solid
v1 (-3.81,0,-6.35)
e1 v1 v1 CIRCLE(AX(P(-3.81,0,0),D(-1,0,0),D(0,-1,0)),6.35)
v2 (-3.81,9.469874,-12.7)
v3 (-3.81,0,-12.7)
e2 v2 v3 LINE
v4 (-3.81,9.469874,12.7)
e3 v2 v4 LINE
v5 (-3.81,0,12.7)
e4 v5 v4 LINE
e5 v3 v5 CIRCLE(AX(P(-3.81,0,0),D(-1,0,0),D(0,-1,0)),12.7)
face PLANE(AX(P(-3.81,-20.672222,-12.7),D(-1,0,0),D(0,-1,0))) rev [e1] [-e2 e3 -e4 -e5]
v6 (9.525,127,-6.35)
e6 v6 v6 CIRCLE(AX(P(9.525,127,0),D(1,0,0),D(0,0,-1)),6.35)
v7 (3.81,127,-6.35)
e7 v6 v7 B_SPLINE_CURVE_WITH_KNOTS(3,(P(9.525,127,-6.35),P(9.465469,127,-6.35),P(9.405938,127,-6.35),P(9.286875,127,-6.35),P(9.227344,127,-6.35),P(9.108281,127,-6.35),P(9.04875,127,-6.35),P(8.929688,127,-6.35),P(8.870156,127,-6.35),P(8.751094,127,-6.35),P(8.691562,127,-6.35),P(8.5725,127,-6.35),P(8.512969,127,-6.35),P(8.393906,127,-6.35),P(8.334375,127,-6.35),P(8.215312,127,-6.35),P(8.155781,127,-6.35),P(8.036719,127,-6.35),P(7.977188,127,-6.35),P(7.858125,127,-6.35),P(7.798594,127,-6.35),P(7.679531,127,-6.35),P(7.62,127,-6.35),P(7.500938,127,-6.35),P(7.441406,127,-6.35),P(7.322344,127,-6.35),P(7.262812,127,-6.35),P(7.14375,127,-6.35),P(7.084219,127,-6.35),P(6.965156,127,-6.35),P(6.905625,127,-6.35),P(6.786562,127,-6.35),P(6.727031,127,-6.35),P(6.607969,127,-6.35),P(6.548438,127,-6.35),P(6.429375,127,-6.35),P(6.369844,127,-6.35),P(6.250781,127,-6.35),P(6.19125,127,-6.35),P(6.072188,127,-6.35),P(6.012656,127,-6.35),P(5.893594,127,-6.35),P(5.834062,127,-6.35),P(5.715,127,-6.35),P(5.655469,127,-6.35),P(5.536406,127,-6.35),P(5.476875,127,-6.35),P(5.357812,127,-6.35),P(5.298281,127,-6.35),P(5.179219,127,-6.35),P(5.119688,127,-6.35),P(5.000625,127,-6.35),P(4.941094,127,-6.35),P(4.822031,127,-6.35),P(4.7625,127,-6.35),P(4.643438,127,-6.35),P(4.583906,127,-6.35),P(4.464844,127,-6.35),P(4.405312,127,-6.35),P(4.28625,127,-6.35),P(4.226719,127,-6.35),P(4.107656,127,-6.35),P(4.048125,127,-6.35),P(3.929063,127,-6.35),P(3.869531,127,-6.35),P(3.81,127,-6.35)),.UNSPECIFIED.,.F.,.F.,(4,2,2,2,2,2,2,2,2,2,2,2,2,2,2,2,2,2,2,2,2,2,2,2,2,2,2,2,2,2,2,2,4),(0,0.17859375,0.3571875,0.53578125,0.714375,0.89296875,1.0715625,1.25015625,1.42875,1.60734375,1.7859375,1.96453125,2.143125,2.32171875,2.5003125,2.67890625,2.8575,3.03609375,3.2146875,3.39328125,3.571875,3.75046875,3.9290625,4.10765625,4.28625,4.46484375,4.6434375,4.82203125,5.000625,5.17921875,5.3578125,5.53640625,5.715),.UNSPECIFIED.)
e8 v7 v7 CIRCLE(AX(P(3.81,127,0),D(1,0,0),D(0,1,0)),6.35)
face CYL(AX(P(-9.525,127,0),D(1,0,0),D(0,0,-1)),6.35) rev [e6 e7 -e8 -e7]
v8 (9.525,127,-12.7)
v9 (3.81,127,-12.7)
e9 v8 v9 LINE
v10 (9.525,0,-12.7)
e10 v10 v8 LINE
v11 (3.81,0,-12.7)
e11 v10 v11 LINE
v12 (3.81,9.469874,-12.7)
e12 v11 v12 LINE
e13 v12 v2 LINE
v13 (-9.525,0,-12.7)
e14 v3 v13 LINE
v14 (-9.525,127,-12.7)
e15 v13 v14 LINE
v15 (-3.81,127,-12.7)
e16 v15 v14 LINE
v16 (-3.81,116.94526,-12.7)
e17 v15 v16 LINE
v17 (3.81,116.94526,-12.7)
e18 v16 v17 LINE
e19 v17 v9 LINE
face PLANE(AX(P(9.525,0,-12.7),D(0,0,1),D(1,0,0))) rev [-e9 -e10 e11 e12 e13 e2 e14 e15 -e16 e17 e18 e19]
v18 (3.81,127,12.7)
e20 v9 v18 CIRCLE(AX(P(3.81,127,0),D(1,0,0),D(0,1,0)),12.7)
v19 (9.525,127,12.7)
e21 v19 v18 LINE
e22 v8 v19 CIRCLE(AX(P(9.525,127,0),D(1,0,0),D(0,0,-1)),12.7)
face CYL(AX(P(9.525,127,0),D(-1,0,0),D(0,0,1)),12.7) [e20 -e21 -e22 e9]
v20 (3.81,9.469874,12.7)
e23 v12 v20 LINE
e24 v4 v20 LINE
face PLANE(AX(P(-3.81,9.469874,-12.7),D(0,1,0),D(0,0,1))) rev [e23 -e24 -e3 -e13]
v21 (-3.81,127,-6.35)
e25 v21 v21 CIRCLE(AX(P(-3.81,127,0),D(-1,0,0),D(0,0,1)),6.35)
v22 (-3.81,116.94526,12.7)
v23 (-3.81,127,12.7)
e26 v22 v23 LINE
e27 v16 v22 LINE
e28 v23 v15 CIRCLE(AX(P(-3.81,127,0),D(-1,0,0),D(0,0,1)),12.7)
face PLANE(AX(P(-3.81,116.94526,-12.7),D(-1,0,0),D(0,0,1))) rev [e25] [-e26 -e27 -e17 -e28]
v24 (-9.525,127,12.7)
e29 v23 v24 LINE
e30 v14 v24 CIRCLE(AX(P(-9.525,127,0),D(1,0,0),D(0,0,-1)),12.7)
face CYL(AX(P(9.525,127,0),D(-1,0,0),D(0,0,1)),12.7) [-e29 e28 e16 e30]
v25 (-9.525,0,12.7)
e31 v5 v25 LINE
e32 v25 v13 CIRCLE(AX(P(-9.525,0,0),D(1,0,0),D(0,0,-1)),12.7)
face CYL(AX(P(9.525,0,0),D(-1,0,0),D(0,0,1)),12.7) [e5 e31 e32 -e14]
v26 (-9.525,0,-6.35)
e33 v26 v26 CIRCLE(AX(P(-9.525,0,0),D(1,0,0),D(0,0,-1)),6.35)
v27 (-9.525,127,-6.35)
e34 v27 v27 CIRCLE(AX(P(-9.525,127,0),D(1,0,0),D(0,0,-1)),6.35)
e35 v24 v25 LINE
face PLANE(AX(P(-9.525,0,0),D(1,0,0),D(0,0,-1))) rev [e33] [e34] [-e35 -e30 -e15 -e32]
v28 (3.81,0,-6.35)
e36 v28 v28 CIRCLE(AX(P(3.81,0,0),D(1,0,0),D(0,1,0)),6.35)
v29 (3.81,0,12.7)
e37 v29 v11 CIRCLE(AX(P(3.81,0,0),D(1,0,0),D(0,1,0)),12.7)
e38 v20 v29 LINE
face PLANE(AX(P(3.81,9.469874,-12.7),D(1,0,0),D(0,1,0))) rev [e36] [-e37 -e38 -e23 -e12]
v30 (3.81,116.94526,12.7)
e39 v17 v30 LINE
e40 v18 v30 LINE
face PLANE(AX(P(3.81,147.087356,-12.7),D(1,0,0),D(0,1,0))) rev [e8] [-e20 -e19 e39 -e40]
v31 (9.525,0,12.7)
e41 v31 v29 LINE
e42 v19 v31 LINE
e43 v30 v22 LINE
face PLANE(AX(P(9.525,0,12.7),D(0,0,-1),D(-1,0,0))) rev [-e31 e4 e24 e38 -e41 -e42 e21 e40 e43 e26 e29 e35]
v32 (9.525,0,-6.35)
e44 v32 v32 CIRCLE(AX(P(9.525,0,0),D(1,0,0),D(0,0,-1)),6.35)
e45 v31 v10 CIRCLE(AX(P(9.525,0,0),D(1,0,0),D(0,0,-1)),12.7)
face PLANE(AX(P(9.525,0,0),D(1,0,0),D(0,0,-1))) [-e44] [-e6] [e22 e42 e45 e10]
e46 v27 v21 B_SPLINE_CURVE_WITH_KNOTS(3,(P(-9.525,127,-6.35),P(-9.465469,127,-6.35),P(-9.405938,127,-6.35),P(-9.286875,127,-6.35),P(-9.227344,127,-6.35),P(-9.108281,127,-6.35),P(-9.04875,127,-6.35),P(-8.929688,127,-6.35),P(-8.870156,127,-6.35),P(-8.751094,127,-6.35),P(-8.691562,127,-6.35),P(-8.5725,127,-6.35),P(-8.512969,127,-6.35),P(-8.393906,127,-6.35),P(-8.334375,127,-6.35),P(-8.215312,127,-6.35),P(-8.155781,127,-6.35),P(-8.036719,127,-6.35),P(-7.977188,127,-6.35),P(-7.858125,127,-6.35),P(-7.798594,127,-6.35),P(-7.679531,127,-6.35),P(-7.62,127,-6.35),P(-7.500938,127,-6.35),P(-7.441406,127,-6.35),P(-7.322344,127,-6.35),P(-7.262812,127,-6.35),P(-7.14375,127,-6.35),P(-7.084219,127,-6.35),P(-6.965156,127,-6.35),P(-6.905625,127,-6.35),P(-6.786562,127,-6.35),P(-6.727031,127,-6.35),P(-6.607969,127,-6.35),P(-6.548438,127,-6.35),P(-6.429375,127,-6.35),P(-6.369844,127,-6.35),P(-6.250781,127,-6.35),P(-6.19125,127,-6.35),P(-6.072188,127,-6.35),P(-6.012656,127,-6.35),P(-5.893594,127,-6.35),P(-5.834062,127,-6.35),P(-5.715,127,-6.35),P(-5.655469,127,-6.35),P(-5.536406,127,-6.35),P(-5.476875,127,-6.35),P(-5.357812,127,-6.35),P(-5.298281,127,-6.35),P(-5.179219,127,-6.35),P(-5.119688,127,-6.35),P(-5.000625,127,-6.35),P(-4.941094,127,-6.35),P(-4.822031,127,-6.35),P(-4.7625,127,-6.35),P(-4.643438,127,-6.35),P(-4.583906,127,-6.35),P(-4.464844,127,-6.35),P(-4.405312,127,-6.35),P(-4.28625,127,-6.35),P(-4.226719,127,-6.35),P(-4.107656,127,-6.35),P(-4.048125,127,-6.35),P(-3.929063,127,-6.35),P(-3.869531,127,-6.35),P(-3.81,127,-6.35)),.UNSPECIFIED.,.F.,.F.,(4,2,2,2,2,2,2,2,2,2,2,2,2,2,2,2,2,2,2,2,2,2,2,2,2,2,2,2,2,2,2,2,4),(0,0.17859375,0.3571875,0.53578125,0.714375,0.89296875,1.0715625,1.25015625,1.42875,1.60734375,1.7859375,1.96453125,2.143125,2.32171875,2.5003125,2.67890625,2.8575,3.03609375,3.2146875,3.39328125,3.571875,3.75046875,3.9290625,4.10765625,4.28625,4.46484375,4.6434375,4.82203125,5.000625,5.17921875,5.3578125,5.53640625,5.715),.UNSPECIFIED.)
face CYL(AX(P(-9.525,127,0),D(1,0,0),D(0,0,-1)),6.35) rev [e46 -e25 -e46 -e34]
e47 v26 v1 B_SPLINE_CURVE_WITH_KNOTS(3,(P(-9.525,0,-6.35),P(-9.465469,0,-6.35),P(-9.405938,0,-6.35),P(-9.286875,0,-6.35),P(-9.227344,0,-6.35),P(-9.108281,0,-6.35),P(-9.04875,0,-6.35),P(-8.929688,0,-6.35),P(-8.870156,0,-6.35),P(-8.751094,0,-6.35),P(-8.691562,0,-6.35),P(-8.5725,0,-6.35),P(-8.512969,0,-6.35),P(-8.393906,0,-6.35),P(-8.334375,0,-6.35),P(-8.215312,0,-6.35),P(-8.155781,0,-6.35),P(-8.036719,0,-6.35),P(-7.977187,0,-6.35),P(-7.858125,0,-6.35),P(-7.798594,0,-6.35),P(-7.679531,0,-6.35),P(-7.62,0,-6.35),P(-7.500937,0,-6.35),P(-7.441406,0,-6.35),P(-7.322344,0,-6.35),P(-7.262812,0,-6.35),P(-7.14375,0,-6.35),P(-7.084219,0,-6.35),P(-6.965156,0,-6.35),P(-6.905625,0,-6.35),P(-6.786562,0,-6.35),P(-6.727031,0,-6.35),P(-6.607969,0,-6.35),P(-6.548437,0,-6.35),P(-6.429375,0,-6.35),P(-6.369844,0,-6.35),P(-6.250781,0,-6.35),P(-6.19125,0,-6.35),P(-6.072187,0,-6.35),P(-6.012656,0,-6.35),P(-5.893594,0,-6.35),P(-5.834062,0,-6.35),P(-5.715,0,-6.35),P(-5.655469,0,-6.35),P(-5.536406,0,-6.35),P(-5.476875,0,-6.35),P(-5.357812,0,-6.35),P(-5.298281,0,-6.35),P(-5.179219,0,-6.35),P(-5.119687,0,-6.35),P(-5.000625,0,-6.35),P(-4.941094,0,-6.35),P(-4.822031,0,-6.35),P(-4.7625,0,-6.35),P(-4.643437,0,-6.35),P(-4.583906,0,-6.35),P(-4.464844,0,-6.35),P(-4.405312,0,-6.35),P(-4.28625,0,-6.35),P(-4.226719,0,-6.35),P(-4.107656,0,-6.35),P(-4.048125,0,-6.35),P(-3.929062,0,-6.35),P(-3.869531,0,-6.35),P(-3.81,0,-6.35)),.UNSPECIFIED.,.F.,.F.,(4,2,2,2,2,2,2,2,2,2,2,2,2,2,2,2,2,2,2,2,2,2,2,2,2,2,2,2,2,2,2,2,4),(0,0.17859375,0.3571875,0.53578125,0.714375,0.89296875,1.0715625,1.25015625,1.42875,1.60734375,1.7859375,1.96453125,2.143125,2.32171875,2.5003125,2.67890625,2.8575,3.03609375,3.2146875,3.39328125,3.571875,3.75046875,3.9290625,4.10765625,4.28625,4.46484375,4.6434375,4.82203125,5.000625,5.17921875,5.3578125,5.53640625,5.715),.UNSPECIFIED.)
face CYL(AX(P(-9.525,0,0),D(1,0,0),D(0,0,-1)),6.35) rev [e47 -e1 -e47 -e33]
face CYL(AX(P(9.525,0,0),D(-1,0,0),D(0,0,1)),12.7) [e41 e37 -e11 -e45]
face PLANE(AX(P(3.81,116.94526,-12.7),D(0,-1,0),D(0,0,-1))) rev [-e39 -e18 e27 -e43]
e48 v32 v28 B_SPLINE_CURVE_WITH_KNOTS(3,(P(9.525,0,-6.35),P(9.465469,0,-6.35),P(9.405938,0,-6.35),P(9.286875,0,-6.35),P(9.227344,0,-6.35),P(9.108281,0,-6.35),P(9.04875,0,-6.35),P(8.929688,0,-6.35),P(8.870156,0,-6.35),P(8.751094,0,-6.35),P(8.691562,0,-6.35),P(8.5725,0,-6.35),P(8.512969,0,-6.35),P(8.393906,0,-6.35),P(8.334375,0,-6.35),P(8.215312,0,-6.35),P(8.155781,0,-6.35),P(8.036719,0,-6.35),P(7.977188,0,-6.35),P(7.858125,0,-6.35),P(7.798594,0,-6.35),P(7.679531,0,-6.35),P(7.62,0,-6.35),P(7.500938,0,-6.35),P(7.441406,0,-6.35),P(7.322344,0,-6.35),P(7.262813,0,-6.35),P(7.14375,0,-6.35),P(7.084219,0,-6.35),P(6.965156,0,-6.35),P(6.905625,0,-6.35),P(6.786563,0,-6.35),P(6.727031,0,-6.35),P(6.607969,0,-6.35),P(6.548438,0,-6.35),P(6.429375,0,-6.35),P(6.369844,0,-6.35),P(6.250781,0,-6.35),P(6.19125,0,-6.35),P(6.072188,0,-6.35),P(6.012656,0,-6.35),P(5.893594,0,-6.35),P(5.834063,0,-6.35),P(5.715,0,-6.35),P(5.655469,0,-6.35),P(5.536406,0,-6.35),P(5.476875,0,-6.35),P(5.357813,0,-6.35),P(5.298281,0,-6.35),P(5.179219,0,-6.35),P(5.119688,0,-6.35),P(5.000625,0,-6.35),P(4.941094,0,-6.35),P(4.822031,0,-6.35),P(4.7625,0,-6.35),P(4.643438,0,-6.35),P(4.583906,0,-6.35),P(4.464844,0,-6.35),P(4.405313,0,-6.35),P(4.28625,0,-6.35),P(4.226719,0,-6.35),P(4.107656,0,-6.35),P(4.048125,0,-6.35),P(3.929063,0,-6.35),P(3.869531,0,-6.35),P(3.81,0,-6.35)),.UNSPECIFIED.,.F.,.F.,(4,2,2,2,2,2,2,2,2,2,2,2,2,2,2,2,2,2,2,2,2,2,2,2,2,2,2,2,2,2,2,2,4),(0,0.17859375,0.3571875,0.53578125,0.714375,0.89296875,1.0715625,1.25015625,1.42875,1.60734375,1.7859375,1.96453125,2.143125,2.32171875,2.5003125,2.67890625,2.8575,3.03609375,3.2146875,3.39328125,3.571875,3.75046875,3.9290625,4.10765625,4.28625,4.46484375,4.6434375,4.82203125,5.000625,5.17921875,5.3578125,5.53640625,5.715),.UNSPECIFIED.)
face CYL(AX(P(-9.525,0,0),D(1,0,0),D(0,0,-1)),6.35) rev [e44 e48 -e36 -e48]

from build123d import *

# Parameters (mm, degrees)
BOSS_EXTRUDE1_DEPTH     = 9.525
CUT_EXTRUDE4_DEPTH      = 143.309436177
CUT_EXTRUDE4_DEPTH_BACK = 143.309436177
SKETCH3_W               = 7.62
SKETCH3_H               = 30.142095215
CUT_EXTRUDE6_DEPTH      = 142.563704741
CUT_EXTRUDE6_DEPTH_BACK = 142.563704741
SKETCH5_R               = 6.35


with BuildPart() as part:
    # Sketch1 → Boss-Extrude1 (new, symmetric)
    with BuildSketch(Plane.YZ):
        with BuildLine():
            Line((0, 12.7), (127, 12.7))
            ThreePointArc((127, 12.7), (139.7, 0), (127, -12.7))
            Line((127, -12.7), (0, -12.7))
            ThreePointArc((0, -12.7), (-12.7, 0), (0, 12.7))
        make_face()
    extrude(amount=BOSS_EXTRUDE1_DEPTH, both=True)

    # Sketch3 → Cut-Extrude4 (cut, two sides: drawn at the far end of the back side and taken through both)
    with BuildSketch(Plane.XY.offset(12.7).offset(-CUT_EXTRUDE4_DEPTH_BACK)):
        with Locations((0, 132.016308081)):
            Rectangle(SKETCH3_W, SKETCH3_H)
        with Locations((0, -5.601173979)):
            Rectangle(SKETCH3_W, SKETCH3_H)
    extrude(amount=CUT_EXTRUDE4_DEPTH + CUT_EXTRUDE4_DEPTH_BACK, mode=Mode.SUBTRACT)

    # Sketch5 → Cut-Extrude6 (cut, two sides: drawn at the far end of the back side and taken through both)
    with BuildSketch(Plane.YZ.offset(9.525).offset(-CUT_EXTRUDE6_DEPTH_BACK)):
        with Locations(Location((0, 0, 0), (0, 0, 270))):
            Circle(SKETCH5_R)
        with Locations(Location((127, 0, 0), (0, 0, 270))):
            Circle(SKETCH5_R)
    extrude(amount=CUT_EXTRUDE6_DEPTH + CUT_EXTRUDE6_DEPTH_BACK, mode=Mode.SUBTRACT)


solid = part.part
